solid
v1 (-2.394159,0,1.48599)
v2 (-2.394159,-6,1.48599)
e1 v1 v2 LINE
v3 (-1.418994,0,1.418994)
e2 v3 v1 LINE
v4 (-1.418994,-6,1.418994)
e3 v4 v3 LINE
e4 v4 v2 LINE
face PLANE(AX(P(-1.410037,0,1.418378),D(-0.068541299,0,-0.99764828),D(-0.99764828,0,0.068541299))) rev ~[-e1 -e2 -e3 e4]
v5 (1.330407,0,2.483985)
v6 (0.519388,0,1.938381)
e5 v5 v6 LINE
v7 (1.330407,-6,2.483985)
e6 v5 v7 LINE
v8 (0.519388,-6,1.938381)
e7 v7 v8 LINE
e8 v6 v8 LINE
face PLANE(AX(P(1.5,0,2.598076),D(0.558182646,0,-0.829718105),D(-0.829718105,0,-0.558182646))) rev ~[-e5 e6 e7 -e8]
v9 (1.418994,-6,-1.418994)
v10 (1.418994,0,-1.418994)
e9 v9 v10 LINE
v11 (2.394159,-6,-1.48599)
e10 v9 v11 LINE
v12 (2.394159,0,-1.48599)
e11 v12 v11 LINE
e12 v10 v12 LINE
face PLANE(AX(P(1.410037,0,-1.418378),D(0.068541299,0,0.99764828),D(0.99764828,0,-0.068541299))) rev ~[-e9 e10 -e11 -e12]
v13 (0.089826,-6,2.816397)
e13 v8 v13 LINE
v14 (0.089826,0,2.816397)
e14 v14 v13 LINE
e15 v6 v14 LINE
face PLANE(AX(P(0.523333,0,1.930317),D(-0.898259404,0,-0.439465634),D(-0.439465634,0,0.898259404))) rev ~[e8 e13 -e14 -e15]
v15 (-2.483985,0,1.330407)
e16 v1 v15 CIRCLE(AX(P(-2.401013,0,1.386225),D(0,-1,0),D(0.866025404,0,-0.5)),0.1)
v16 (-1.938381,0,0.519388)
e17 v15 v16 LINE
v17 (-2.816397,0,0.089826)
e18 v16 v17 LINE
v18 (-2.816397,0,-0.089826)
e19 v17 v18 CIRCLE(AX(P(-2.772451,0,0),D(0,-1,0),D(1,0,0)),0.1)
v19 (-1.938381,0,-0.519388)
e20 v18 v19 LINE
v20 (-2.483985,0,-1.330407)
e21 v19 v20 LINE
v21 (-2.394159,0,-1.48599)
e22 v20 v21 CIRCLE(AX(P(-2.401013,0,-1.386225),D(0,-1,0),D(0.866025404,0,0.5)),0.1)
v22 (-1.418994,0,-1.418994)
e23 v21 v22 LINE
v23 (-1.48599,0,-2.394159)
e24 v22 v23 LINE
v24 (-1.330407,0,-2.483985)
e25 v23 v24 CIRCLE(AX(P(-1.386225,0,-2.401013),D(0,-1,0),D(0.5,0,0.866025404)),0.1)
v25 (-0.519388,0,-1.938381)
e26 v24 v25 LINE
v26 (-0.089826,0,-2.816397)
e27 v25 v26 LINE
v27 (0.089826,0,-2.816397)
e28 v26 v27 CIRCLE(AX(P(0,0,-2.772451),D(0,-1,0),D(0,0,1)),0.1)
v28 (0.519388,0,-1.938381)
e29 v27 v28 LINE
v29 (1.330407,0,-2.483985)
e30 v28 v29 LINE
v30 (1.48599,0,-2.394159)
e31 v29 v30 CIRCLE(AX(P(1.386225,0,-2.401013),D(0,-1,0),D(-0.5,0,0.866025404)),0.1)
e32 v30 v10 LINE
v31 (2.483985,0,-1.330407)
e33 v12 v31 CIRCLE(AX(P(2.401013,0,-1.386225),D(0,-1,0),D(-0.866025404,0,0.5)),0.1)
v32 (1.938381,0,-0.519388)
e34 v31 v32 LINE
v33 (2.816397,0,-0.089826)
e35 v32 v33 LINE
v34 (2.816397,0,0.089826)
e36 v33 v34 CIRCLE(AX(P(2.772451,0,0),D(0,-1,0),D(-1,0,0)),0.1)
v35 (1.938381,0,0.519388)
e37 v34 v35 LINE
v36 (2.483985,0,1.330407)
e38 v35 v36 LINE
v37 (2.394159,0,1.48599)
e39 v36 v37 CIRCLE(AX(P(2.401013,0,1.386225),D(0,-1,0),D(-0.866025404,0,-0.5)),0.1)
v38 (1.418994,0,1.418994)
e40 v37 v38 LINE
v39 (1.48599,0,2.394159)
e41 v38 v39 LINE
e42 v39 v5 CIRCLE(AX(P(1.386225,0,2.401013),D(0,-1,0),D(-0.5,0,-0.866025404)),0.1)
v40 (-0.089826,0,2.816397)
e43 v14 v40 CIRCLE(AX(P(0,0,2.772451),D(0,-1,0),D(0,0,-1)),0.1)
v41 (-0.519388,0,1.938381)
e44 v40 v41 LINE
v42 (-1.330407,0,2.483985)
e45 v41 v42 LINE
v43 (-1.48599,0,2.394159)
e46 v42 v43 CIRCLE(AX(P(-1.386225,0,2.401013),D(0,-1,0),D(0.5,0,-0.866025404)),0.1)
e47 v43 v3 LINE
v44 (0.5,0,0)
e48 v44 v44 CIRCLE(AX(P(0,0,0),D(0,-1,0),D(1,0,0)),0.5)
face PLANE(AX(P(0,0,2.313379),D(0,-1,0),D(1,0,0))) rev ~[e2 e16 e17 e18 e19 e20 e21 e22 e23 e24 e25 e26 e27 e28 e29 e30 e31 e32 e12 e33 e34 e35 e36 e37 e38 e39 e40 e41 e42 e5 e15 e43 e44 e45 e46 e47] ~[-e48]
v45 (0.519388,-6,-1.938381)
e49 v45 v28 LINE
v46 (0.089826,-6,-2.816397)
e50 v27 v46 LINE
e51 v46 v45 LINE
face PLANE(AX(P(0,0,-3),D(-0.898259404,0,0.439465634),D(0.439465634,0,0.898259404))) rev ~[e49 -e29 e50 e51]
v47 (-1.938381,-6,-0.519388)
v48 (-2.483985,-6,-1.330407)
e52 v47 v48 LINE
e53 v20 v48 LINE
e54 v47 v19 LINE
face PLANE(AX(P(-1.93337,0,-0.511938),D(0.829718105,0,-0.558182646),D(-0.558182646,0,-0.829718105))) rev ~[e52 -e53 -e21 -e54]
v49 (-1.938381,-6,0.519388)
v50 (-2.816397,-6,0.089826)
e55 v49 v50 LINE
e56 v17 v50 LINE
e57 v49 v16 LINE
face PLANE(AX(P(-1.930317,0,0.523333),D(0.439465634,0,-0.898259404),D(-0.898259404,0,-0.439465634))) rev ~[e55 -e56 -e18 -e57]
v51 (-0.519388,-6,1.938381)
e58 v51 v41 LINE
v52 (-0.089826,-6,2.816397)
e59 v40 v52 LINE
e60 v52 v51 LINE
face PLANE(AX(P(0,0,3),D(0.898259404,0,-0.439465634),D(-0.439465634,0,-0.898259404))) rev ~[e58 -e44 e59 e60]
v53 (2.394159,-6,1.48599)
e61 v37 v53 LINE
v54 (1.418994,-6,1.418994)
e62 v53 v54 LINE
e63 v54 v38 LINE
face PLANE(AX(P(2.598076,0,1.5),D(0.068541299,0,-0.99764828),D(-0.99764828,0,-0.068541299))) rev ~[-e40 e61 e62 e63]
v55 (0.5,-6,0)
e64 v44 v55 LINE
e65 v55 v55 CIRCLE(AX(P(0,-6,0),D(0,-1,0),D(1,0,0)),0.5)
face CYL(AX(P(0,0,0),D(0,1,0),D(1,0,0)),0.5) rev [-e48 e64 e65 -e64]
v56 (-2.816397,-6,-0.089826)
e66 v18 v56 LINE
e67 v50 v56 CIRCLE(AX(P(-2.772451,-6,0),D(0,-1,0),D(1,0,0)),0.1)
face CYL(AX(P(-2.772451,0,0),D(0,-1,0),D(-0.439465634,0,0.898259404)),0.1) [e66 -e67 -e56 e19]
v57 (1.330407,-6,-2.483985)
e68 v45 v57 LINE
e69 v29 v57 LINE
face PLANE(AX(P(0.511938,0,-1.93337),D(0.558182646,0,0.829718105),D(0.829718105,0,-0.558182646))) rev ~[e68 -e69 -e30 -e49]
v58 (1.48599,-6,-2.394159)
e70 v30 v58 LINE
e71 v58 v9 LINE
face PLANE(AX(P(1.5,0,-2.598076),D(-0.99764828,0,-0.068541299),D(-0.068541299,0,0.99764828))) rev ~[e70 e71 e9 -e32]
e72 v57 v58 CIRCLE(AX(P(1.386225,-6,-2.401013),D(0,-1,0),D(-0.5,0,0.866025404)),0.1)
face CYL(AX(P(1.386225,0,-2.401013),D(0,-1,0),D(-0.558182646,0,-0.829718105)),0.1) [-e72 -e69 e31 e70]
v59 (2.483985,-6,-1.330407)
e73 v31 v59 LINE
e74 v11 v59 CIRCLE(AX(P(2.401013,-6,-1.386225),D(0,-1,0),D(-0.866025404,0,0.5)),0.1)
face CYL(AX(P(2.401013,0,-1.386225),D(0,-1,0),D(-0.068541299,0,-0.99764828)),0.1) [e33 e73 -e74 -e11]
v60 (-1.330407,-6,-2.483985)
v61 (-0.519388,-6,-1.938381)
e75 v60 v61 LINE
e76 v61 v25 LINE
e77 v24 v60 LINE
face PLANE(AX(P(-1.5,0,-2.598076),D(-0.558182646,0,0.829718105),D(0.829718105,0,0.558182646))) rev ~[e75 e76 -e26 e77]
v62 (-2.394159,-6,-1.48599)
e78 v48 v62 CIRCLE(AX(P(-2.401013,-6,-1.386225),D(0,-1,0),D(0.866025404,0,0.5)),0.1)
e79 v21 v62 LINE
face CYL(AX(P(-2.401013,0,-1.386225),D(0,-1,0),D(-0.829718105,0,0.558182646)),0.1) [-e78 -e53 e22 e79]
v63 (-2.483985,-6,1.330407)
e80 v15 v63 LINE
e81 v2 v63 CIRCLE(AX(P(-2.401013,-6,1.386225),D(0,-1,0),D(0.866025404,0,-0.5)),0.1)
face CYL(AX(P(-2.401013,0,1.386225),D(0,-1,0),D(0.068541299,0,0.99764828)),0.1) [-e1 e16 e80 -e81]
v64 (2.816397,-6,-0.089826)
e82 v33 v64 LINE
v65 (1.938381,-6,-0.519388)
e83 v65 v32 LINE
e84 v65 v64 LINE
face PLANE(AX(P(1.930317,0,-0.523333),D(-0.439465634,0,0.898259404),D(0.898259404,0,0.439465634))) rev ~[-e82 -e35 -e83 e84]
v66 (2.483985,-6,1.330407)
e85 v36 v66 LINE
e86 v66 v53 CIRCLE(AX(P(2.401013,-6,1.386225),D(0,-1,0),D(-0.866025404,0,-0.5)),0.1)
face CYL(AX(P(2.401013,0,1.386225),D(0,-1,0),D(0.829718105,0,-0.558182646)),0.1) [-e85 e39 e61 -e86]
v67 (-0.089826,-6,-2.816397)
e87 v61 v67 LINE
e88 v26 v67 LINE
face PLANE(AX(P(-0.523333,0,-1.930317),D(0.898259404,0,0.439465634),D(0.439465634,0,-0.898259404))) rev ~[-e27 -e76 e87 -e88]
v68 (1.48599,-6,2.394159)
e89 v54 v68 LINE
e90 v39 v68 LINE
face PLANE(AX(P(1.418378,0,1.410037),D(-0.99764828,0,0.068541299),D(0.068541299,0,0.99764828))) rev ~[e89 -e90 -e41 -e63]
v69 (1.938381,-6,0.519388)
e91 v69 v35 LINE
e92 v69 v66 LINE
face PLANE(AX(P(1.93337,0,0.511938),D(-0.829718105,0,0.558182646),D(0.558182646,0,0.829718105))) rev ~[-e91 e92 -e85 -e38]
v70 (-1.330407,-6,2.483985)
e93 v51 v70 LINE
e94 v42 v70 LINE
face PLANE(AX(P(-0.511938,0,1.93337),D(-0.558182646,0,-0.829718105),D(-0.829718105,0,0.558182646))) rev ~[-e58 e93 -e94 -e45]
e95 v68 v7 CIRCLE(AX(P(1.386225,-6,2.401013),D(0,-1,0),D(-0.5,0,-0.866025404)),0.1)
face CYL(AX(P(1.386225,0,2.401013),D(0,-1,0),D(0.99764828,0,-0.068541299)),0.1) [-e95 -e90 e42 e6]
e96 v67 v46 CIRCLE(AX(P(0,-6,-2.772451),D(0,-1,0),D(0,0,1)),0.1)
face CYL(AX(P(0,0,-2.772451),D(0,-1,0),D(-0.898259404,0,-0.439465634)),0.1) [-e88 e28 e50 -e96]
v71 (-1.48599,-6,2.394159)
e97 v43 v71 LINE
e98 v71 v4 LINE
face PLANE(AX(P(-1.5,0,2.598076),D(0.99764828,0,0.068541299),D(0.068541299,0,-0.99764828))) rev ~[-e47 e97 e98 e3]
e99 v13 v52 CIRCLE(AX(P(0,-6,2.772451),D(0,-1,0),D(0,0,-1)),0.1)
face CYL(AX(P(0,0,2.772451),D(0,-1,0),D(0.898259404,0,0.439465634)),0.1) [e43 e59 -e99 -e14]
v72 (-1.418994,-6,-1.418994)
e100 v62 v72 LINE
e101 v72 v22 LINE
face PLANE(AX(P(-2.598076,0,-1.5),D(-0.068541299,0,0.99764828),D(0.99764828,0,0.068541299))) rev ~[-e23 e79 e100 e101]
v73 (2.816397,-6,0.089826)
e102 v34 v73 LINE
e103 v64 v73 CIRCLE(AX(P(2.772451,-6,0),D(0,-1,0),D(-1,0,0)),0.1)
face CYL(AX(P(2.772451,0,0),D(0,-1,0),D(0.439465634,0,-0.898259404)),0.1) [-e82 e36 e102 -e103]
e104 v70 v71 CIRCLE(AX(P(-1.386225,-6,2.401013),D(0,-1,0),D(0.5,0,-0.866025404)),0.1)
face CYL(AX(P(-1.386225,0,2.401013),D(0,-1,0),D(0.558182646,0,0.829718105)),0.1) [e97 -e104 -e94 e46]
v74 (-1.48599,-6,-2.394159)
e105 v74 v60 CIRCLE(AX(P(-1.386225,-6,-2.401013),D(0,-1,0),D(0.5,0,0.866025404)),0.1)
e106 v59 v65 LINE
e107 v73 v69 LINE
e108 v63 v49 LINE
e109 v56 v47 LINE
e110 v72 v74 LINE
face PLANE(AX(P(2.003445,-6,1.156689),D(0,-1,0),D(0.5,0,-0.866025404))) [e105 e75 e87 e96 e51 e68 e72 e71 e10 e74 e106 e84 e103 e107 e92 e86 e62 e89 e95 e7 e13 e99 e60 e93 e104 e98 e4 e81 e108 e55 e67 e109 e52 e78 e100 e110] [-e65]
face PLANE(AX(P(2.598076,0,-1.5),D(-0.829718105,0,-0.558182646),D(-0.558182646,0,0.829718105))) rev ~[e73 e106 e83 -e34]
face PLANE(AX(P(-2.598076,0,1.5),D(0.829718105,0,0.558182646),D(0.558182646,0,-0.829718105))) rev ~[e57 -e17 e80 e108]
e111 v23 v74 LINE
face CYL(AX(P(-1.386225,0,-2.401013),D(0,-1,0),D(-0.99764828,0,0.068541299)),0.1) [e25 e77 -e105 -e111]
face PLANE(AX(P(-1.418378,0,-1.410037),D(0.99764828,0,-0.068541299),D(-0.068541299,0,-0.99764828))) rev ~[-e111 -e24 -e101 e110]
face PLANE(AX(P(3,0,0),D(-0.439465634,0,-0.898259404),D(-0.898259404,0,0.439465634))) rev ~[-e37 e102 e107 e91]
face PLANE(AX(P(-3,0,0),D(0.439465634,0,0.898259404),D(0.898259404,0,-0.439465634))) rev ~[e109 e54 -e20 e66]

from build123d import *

# Parameters (mm, degrees)
F0_R     = 0.5
F1_DEPTH = 6
F2_DEPTH = 6
F3_R     = 0.1
F4_COUNT = 12


with BuildPart() as f1:
    # F0 (on Front) → F1 (new body)
    with BuildSketch(Plane.XZ):
        with BuildLine():
            ThreePointArc((-0.5233333333, 1.9303166119), (-1.2151817422, -1.588500341), (2, 0))
            ThreePointArc((2, 0), (1.588500341, 1.2151817422), (0.5233333333, 1.9303166119))
            ThreePointArc((0.5233333333, 1.9303166119), (0, 2), (-0.5233333333, 1.9303166119))
        make_face()
        Circle(F0_R, mode=Mode.SUBTRACT)
    extrude(amount=F1_DEPTH)



with BuildPart() as f2:
    # F0 (on Front) → F2 (new body)
    with BuildSketch(Plane.XZ):
        with BuildLine():
            ThreePointArc((-0.5233333333, 1.9303166119), (0, 2), (0.5233333333, 1.9303166119))
            Line((0.5233333333, 1.9303166119), (0, 3))
            Line((0, 3), (-0.5233333333, 1.9303166119))
        make_face()
    extrude(amount=F2_DEPTH)

    # F3
    f3_edges = [f2.edges().sort_by_distance(p)[0] for p in [
        (0, -3, 3),
    ]]
    fillet(f3_edges, radius=F3_R)


with BuildPart() as f1_1:
    add(f1.part)

    add(f2.part)  # F4 merges F2
    # F4: F2 ×12 about axis
    f4_axis = Axis((0, 0, 0), (0, -1, 0))
    for i in range(1, F4_COUNT):
        add(f2.part.rotate(f4_axis, i * 360 / F4_COUNT))


solid = f1_1.part
